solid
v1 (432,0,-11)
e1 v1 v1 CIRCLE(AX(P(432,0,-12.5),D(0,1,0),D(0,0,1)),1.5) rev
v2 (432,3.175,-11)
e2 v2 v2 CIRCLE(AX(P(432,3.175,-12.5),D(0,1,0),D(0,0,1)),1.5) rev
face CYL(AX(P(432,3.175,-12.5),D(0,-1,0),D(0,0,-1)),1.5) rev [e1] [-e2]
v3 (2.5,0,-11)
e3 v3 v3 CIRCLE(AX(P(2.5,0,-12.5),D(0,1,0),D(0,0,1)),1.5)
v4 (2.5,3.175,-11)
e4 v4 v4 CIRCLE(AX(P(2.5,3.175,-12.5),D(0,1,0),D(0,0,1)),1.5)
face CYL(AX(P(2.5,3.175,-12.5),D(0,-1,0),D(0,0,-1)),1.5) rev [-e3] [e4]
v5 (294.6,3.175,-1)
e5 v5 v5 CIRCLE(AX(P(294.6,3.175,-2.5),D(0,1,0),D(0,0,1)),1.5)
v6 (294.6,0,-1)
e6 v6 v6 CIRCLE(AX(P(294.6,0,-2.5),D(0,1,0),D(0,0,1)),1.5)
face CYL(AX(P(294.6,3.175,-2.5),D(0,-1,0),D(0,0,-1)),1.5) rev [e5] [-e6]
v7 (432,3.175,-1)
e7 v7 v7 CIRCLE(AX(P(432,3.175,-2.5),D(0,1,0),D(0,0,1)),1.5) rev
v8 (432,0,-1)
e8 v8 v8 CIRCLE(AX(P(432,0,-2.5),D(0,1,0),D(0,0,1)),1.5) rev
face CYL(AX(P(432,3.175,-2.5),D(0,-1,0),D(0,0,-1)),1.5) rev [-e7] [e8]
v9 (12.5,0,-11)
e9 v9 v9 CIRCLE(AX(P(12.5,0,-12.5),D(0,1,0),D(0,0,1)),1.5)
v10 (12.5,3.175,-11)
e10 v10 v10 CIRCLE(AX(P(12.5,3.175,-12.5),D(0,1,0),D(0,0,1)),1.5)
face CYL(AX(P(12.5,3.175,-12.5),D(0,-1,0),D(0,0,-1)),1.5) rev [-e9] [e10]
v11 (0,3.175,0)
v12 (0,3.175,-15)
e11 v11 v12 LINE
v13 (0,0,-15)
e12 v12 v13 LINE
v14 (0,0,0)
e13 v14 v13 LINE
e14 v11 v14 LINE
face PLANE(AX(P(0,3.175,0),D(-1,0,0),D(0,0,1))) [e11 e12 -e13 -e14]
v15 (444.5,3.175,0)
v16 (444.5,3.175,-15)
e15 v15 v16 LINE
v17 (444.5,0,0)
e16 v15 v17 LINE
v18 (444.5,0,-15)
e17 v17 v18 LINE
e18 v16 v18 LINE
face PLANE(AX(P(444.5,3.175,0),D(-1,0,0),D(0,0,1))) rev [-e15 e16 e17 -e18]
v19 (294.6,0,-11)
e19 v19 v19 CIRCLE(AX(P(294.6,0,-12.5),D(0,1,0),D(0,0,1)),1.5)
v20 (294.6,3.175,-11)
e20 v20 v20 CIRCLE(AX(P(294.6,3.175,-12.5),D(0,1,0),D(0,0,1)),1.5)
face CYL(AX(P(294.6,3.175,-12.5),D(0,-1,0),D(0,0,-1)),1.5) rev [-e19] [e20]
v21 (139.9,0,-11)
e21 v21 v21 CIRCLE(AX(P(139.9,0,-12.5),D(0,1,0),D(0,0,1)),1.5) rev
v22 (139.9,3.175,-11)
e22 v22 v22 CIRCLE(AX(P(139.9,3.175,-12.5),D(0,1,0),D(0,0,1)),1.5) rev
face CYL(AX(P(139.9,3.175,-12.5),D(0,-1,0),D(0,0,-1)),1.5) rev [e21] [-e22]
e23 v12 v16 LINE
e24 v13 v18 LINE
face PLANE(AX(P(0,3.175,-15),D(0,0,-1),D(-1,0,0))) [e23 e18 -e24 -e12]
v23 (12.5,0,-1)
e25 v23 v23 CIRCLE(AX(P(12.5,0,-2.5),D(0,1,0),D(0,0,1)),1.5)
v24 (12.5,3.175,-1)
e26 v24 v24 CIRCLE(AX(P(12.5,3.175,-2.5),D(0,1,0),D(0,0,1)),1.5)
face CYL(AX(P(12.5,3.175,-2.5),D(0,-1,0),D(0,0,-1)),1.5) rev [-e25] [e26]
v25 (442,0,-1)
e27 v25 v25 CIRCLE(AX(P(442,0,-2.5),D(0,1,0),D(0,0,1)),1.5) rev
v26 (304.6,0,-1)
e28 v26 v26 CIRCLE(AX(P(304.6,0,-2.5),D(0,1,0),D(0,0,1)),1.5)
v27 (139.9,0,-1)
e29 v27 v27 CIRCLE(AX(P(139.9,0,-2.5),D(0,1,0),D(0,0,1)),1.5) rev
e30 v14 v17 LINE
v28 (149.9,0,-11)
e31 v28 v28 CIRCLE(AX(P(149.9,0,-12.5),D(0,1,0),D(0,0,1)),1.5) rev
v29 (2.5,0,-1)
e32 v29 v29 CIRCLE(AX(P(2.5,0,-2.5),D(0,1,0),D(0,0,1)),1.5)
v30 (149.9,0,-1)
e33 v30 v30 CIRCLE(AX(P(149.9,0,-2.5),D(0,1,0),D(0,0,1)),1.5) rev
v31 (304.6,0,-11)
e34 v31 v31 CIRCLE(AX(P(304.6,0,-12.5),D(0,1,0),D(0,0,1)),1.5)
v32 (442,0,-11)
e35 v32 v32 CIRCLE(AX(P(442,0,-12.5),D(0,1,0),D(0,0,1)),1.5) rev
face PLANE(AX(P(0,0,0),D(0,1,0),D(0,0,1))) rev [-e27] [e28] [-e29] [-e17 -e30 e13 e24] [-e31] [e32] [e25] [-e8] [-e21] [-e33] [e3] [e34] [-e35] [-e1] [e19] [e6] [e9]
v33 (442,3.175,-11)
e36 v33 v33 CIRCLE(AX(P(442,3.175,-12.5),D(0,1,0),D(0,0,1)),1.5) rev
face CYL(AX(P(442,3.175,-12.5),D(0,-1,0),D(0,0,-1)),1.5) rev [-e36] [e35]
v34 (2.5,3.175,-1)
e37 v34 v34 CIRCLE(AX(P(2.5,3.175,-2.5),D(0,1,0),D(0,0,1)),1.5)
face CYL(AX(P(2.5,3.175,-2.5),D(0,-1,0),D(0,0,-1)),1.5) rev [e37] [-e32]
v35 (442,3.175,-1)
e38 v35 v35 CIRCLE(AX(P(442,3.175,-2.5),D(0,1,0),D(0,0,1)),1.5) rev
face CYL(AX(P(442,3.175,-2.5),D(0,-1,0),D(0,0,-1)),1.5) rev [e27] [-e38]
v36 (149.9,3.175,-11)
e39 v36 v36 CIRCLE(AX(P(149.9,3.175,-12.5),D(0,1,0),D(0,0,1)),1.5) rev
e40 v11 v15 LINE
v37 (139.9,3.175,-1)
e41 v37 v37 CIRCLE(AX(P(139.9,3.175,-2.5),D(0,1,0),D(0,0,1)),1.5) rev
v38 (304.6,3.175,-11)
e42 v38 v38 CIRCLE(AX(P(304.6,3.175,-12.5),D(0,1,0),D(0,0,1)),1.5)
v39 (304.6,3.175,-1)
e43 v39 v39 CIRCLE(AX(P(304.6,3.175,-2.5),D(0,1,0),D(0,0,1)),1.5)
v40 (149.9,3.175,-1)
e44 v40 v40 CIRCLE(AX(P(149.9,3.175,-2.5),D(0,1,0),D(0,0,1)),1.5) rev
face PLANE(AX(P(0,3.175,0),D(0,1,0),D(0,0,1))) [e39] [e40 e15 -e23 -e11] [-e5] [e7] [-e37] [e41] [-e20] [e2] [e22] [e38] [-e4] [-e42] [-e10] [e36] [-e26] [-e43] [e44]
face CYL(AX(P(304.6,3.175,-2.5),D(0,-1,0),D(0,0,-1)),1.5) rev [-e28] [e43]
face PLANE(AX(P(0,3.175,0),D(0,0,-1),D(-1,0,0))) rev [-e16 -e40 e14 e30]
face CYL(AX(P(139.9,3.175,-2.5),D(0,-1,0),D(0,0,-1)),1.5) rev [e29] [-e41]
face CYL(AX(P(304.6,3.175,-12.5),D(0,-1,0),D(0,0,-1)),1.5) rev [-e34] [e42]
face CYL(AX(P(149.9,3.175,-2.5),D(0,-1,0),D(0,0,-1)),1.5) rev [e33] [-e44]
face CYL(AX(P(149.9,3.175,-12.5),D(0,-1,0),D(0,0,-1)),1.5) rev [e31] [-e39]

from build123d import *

# Parameters (mm, degrees)
SKETCH1_R           = 1.5
BOSS_EXTRUDE1_DEPTH = 3.175


with BuildPart() as part:
    # Sketch1 → Boss-Extrude1 (new body)
    with BuildSketch(Plane(origin=(0, 0, 0), x_dir=(1, 0, 0), z_dir=(0, 1, 0))):
        Polygon((0, 7.5), (0, 0), (444.5, 0), (444.5, 15), (0, 15), align=None)
        with Locations(Location((2.5, 2.5, 0), (0, 0, 270))):
            Circle(SKETCH1_R, mode=Mode.SUBTRACT)
        with Locations(Location((12.5, 2.5, 0), (0, 0, 270))):
            Circle(SKETCH1_R, mode=Mode.SUBTRACT)
        with Locations(Location((139.9, 2.5, 0), (0, 0, 270))):
            Circle(SKETCH1_R, mode=Mode.SUBTRACT)
        with Locations(Location((149.9, 2.5, 0), (0, 0, 270))):
            Circle(SKETCH1_R, mode=Mode.SUBTRACT)
        with Locations(Location((2.5, 12.5, 0), (0, 0, 270))):
            Circle(SKETCH1_R, mode=Mode.SUBTRACT)
        with Locations(Location((12.5, 12.5, 0), (0, 0, 270))):
            Circle(SKETCH1_R, mode=Mode.SUBTRACT)
        with Locations(Location((139.9, 12.5, 0), (0, 0, 270))):
            Circle(SKETCH1_R, mode=Mode.SUBTRACT)
        with Locations(Location((149.9, 12.5, 0), (0, 0, 270))):
            Circle(SKETCH1_R, mode=Mode.SUBTRACT)
        with Locations(Location((442, 12.5, 0), (0, 0, 270))):
            Circle(SKETCH1_R, mode=Mode.SUBTRACT)
        with Locations(Location((294.6, 2.5, 0), (0, 0, 270))):
            Circle(SKETCH1_R, mode=Mode.SUBTRACT)
        with Locations(Location((304.6, 2.5, 0), (0, 0, 270))):
            Circle(SKETCH1_R, mode=Mode.SUBTRACT)
        with Locations(Location((432, 2.5, 0), (0, 0, 270))):
            Circle(SKETCH1_R, mode=Mode.SUBTRACT)
        with Locations(Location((442, 2.5, 0), (0, 0, 270))):
            Circle(SKETCH1_R, mode=Mode.SUBTRACT)
        with Locations(Location((294.6, 12.5, 0), (0, 0, 270))):
            Circle(SKETCH1_R, mode=Mode.SUBTRACT)
        with Locations(Location((304.6, 12.5, 0), (0, 0, 270))):
            Circle(SKETCH1_R, mode=Mode.SUBTRACT)
        with Locations(Location((432, 12.5, 0), (0, 0, 270))):
            Circle(SKETCH1_R, mode=Mode.SUBTRACT)
    extrude(amount=BOSS_EXTRUDE1_DEPTH)


solid = part.part
